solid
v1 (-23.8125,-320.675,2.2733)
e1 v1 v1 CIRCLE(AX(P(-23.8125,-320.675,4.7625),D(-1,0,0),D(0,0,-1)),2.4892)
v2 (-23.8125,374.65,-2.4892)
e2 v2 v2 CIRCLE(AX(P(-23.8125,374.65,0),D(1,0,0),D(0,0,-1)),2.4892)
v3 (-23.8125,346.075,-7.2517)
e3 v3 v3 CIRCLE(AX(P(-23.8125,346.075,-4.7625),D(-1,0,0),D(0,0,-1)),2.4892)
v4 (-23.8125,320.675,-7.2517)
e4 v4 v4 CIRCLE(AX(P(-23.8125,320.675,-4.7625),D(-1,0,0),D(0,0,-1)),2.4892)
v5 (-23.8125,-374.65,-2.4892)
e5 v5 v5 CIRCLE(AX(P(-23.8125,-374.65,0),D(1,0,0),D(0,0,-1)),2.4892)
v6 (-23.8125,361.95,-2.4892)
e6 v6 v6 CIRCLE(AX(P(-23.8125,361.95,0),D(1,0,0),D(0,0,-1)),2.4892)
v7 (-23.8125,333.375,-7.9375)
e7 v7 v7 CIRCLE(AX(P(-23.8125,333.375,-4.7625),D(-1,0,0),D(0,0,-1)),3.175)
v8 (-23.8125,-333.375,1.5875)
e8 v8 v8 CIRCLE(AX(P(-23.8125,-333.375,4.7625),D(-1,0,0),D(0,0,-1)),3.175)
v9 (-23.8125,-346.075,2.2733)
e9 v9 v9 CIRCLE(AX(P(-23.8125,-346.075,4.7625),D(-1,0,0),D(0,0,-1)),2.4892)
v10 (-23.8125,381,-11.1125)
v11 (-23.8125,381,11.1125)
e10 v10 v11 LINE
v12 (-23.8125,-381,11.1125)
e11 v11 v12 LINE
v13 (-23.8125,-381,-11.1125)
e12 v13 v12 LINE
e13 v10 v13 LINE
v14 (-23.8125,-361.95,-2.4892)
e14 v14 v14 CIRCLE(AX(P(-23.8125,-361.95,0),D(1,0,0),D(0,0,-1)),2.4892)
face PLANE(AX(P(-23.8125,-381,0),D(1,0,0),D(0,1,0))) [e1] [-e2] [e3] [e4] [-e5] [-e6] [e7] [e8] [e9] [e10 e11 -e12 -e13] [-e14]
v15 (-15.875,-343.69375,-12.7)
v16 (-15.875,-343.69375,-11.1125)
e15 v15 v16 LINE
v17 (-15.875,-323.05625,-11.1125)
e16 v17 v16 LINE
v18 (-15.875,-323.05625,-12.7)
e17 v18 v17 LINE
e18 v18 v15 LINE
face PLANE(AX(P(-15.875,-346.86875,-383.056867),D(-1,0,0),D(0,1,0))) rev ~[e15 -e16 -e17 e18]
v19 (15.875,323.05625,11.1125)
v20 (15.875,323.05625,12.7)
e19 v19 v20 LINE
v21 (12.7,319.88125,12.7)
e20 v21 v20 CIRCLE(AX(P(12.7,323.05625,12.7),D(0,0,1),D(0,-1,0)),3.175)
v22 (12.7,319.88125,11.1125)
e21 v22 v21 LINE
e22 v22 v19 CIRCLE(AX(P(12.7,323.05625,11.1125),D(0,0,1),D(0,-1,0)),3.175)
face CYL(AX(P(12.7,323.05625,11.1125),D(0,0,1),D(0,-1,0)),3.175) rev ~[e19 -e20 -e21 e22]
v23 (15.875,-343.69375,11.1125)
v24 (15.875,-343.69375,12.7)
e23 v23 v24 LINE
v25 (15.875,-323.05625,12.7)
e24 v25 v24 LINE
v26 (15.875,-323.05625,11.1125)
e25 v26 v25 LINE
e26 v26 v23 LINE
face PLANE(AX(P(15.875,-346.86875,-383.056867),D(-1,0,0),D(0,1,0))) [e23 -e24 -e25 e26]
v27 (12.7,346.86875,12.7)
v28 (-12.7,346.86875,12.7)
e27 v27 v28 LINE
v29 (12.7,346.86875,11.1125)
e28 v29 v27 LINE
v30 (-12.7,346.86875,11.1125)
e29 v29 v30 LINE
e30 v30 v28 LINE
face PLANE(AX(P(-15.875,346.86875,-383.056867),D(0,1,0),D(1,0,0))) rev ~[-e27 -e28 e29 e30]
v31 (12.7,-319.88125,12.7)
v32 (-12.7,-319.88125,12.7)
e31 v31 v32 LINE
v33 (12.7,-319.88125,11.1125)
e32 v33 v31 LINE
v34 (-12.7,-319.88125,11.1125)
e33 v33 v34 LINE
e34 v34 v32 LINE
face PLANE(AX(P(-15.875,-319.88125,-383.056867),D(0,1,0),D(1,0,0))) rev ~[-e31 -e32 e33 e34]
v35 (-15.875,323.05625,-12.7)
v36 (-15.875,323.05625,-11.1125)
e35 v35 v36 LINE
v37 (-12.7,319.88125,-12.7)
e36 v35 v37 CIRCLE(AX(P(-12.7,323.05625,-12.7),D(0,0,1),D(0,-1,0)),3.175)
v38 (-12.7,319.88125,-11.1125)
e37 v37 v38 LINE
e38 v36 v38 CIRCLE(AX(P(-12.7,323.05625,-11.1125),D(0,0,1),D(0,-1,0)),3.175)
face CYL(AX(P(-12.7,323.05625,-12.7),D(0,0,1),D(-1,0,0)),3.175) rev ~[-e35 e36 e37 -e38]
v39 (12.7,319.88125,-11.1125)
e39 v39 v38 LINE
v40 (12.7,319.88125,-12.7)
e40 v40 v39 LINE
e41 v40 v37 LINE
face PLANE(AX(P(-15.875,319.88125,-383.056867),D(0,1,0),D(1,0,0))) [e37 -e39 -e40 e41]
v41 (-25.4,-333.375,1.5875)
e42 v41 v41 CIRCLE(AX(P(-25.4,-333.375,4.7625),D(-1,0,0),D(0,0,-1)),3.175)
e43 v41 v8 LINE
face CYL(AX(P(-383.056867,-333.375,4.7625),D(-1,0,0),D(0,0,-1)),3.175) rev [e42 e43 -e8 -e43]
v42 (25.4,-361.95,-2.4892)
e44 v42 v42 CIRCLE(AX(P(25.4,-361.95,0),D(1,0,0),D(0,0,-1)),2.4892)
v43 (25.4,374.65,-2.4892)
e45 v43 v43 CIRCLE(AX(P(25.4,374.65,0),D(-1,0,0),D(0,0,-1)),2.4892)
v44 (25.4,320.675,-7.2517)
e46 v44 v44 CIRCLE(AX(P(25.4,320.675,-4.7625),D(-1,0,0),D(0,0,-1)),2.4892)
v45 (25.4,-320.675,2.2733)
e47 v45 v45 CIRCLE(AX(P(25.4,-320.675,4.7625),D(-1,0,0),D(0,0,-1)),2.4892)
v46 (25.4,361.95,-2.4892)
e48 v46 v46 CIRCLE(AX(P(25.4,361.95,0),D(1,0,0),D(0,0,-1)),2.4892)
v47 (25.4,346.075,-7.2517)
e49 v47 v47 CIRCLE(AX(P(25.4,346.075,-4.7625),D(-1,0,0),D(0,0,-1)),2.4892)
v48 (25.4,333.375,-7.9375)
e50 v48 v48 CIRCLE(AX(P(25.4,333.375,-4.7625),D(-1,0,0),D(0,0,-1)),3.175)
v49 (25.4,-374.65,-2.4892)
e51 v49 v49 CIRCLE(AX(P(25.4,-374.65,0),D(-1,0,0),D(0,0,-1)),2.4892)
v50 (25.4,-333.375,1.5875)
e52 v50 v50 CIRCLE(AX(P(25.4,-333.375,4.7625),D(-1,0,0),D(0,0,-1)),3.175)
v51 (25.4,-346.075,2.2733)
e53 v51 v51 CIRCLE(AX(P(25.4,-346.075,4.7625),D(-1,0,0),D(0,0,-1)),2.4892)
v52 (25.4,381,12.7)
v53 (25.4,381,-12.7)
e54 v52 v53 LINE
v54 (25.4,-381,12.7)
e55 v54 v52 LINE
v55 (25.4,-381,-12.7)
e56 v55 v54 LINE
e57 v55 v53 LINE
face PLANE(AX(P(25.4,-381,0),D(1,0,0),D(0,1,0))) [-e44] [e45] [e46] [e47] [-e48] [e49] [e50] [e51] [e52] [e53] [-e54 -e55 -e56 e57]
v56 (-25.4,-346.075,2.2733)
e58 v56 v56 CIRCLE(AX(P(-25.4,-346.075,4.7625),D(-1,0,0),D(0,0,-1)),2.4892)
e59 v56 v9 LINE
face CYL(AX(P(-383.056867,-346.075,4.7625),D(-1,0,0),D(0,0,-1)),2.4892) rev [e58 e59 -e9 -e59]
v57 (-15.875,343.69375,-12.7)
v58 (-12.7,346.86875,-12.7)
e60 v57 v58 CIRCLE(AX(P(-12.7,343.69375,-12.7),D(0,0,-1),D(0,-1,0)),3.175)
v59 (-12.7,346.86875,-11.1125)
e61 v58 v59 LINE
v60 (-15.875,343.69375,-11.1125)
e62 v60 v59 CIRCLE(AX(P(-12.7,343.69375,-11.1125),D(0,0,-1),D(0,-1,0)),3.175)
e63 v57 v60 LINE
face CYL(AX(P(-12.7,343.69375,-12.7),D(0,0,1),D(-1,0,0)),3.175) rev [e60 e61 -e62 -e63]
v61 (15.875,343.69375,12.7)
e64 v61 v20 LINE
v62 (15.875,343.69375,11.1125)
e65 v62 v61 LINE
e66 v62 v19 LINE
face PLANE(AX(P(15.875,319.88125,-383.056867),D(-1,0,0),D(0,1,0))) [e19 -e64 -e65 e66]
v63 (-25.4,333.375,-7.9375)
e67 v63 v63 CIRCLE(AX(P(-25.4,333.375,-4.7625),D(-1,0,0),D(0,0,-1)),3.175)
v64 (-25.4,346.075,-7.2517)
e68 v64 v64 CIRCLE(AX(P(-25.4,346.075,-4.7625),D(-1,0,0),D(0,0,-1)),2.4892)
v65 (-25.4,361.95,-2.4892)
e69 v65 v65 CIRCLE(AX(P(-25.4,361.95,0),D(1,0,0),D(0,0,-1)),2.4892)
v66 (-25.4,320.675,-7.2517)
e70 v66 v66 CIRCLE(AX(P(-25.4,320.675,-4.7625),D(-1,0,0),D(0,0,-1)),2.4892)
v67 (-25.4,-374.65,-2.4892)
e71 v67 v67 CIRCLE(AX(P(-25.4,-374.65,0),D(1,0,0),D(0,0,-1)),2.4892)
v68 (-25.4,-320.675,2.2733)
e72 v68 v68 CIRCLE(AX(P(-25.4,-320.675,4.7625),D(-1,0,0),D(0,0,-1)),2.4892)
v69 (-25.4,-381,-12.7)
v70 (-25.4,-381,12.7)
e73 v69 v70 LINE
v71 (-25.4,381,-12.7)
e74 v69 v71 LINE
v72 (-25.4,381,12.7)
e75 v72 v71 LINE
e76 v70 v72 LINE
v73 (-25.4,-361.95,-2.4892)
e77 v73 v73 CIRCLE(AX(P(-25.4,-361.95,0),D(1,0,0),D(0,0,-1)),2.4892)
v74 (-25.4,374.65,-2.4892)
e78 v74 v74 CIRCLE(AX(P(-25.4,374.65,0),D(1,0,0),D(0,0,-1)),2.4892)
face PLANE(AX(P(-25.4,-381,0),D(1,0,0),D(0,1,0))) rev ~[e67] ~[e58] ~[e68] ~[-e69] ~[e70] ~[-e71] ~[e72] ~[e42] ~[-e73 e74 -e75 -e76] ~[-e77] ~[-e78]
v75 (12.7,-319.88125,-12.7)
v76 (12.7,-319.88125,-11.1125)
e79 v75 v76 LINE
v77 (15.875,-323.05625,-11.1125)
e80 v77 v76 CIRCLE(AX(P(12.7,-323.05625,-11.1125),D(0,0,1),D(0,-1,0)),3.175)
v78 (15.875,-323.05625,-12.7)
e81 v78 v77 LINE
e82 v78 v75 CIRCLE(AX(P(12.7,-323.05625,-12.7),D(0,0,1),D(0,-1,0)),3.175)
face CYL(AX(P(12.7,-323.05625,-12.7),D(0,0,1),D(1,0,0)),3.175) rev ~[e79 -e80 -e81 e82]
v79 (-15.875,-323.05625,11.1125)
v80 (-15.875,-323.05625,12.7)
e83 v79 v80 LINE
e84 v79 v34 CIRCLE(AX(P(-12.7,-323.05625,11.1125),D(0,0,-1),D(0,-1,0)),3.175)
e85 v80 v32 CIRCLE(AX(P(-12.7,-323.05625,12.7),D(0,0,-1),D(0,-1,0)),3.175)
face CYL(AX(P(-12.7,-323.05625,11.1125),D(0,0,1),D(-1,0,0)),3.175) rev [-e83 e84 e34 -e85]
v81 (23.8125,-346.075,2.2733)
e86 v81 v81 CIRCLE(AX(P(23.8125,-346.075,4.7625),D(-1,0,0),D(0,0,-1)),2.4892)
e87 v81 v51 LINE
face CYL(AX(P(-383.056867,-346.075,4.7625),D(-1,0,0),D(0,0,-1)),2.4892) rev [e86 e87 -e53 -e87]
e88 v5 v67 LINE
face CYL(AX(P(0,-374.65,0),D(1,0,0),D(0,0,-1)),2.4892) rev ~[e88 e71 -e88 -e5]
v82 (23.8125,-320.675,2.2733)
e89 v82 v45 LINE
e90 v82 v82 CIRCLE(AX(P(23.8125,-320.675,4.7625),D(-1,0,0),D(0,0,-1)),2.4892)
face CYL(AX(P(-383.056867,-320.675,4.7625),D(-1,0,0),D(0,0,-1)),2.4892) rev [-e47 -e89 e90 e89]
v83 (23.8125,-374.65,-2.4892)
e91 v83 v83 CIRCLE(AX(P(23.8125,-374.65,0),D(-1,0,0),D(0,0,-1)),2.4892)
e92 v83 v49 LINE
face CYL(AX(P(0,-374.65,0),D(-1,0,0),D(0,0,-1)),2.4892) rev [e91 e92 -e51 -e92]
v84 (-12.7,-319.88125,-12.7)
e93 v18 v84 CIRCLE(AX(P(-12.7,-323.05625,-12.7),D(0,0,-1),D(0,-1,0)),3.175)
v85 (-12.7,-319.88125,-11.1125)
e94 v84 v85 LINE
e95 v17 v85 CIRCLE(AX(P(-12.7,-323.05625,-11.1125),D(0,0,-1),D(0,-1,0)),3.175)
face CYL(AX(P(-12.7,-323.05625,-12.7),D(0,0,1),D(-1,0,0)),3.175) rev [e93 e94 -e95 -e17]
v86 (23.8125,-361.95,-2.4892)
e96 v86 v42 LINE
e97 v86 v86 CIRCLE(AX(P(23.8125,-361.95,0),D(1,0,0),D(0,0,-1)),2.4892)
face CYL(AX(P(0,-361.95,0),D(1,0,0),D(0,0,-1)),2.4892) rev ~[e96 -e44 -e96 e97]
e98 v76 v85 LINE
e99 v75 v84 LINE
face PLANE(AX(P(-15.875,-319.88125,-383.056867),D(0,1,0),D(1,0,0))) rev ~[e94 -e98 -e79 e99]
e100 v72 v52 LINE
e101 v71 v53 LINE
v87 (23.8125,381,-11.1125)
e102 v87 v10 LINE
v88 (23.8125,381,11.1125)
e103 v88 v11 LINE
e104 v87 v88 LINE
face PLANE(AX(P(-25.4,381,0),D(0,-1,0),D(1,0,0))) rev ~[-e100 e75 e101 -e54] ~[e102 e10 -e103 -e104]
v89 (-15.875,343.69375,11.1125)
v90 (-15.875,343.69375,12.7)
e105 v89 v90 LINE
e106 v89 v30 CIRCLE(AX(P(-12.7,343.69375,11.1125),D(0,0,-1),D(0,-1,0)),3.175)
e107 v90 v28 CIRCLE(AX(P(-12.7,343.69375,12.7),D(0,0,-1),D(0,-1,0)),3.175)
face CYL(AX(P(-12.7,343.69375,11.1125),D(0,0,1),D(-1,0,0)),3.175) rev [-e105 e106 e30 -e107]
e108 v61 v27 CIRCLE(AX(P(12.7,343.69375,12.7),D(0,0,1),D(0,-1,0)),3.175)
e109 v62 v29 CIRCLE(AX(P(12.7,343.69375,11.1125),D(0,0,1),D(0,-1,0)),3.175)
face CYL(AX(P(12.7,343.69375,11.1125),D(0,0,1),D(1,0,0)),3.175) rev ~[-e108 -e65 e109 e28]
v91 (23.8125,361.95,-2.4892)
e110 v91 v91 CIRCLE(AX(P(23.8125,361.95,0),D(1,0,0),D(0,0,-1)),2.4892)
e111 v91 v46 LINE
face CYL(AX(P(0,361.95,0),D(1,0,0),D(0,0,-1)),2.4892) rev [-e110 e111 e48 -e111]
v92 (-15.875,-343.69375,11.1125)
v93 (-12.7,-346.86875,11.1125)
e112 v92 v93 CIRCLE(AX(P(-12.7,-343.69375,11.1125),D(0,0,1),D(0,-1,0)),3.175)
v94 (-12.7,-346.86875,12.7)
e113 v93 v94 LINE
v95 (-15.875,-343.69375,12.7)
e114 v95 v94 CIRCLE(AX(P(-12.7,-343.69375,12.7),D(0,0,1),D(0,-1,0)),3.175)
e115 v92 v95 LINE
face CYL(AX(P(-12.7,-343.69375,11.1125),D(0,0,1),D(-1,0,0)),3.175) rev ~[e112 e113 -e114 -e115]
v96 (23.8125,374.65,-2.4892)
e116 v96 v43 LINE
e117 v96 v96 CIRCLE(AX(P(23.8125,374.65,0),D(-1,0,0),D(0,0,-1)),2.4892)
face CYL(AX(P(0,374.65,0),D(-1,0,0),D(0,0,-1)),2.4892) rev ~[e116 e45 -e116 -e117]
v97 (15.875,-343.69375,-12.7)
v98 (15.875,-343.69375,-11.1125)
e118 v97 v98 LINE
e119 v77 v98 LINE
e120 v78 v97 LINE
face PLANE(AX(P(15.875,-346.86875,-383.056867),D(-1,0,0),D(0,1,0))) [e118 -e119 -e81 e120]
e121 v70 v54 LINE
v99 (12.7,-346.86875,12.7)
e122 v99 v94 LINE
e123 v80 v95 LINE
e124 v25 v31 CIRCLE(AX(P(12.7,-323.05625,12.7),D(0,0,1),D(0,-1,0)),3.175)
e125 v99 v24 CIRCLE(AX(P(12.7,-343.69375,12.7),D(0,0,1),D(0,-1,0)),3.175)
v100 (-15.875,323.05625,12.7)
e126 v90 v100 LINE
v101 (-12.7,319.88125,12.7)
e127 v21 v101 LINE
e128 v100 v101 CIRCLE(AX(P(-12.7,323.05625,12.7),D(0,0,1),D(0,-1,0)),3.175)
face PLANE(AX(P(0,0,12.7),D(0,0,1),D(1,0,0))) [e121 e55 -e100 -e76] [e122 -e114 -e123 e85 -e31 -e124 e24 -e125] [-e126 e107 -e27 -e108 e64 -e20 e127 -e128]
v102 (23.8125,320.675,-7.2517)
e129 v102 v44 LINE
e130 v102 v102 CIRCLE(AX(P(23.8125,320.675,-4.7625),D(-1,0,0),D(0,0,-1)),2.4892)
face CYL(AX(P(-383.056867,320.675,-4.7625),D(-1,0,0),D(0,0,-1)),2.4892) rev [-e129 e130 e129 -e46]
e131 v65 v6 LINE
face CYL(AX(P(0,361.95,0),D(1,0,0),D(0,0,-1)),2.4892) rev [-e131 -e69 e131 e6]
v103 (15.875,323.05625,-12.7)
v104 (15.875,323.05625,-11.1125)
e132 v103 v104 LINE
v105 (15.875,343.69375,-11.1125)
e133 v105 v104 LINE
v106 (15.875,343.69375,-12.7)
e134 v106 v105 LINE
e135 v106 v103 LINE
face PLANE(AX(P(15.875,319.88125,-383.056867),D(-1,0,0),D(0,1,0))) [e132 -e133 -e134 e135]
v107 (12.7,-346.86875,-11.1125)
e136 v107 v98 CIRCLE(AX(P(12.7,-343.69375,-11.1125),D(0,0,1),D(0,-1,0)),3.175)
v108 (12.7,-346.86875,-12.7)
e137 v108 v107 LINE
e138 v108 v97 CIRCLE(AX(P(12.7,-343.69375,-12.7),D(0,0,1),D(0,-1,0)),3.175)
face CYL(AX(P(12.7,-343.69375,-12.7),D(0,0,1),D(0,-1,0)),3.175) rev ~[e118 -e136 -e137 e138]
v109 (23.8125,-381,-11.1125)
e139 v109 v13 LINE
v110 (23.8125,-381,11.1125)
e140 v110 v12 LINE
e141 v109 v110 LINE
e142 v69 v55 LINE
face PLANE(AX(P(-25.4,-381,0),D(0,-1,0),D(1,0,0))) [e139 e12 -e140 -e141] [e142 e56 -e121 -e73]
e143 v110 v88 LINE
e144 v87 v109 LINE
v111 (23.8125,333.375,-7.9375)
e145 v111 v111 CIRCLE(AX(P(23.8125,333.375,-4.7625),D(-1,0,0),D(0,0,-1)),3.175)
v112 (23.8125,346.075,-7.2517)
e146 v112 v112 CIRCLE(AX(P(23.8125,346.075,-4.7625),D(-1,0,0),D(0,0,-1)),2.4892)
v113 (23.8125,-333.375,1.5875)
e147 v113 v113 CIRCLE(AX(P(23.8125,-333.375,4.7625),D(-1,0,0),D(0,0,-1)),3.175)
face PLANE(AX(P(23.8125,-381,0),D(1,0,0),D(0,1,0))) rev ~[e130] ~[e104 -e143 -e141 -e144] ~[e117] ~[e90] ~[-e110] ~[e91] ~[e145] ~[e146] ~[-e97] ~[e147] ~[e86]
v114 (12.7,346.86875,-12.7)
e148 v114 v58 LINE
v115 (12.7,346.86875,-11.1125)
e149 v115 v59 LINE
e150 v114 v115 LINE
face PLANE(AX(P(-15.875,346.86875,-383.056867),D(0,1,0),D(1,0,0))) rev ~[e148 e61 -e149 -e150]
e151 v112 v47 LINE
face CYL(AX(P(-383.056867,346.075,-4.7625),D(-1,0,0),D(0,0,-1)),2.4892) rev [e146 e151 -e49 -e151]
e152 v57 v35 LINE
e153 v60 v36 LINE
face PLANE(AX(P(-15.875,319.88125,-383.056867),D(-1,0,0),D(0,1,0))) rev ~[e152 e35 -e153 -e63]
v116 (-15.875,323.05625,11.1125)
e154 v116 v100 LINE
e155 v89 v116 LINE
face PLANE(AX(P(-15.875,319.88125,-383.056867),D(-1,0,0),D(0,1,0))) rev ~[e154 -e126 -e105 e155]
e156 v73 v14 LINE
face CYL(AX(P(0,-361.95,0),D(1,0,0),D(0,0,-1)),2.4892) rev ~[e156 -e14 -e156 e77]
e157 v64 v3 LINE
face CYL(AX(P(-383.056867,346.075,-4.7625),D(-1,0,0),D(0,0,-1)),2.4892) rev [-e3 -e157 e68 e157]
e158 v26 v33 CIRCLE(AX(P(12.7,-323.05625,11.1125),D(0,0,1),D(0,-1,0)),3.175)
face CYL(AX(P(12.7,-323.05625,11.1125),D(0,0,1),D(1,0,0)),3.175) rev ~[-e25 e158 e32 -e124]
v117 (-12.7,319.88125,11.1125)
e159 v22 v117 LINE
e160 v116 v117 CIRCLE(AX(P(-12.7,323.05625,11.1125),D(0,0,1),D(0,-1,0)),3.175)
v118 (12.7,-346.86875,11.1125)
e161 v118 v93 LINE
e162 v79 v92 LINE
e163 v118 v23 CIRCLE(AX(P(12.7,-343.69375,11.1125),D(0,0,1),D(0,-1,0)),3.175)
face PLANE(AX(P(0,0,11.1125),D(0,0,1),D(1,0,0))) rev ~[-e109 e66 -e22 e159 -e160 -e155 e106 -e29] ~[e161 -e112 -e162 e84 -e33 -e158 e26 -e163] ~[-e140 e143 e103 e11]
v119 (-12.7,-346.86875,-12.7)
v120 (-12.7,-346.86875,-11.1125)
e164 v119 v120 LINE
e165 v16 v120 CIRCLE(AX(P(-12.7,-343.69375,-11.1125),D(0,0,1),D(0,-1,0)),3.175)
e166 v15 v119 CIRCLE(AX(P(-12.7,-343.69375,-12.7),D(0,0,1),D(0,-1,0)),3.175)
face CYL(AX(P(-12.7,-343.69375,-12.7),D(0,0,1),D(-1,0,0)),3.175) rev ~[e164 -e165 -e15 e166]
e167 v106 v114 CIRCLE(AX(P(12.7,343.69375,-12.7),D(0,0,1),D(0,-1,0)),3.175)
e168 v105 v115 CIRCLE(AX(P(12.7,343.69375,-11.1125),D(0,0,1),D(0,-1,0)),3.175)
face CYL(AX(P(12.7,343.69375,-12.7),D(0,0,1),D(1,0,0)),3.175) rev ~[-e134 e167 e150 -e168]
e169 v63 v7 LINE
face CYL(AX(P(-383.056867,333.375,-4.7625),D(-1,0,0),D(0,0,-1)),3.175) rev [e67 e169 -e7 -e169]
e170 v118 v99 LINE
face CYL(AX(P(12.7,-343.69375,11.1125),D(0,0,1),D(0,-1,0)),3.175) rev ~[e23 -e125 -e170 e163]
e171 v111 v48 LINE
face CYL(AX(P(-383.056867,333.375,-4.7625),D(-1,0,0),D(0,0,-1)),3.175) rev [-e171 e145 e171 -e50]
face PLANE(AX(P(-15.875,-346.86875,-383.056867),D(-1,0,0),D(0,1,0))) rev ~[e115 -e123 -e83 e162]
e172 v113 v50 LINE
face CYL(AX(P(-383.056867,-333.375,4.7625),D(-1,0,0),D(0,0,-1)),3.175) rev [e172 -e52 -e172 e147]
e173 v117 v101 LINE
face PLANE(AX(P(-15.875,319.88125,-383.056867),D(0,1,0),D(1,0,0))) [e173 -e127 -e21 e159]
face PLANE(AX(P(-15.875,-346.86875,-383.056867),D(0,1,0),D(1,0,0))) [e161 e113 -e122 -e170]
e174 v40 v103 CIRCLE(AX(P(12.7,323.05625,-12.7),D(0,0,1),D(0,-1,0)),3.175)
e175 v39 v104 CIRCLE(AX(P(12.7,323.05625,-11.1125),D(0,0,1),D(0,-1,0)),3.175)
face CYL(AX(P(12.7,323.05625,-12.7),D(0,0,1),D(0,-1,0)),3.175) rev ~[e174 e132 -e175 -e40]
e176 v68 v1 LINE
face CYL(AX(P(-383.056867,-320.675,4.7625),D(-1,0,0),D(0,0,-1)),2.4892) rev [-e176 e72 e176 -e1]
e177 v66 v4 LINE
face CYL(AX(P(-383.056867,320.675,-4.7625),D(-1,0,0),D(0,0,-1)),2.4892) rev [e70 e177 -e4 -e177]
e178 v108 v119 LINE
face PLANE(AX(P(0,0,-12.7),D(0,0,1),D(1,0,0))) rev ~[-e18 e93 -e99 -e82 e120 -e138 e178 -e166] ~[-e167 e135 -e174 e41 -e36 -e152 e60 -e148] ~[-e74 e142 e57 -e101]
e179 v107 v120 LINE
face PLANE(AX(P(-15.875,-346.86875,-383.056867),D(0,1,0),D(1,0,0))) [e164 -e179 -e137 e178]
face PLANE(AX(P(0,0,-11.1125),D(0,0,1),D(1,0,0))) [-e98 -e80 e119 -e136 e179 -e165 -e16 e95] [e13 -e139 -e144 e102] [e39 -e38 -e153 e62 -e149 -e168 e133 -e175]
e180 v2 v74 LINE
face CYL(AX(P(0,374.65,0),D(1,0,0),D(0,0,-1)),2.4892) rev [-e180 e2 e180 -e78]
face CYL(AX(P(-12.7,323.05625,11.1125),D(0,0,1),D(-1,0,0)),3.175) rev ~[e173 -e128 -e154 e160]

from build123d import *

# Parameters (mm, degrees)
SKETCH1_W               = 50.8
SKETCH1_H               = 762
BOSS_EXTRUDE1_DEPTH     = 12.7
SHELL1_T                = -1.5875
SKETCH3_R               = 2.4892
CUT_EXTRUDE1_DEPTH      = 383.056867495
CUT_EXTRUDE2_DEPTH      = 383.056867495
CUT_EXTRUDE2_DEPTH_BACK = 383.056867495
SKETCH4_R               = 3.175
SKETCH4_R_2             = 2.4892
CUT_EXTRUDE4_DEPTH      = 383.056867495
CUT_EXTRUDE4_DEPTH_BACK = 383.056867495
SKETCH5_W               = 31.75
SKETCH5_H               = 26.9875
FILLET1_R               = 3.175


with BuildPart() as part:
    # Sketch1 → Boss-Extrude1 (new, symmetric)
    with BuildSketch(Plane.XY):
        Rectangle(SKETCH1_W, SKETCH1_H)
    extrude(amount=BOSS_EXTRUDE1_DEPTH, both=True)

    # Shell1
    shell1_openings = [part.faces().sort_by_distance(p)[0] for p in [
        (0, -381, 0),
        (0, 381, 0),
    ]]
    offset(amount=SHELL1_T, openings=shell1_openings, kind=Kind.INTERSECTION)

    # Sketch3 → Cut-Extrude1 (cut, symmetric)
    with BuildSketch(Plane(origin=(0, 0, 0), x_dir=(0, 0, -1), z_dir=(1, 0, 0))):
        with Locations((0, -374.65)):
            Circle(SKETCH3_R)
        with Locations((0, -361.95)):
            Circle(SKETCH3_R)
    cut_extrude1 = extrude(amount=CUT_EXTRUDE1_DEPTH, both=True, mode=Mode.SUBTRACT)

    # Sketch4 → Cut-Extrude2 (cut, two sides: drawn at the far end of the back side and taken through both)
    with BuildSketch(Plane(origin=(0, 0, 0), x_dir=(0, 0, -1), z_dir=(1, 0, 0)).offset(-CUT_EXTRUDE2_DEPTH_BACK)):
        with Locations((4.7625, 333.375)):
            Circle(SKETCH4_R)
        with Locations((4.7625, 346.075)):
            Circle(SKETCH4_R_2)
        with Locations((4.7625, 320.675)):
            Circle(SKETCH4_R_2)
        with Locations((-4.7625, -333.375)):
            Circle(SKETCH4_R)
        with Locations((-4.7625, -320.675)):
            Circle(SKETCH4_R_2)
        with Locations((-4.7625, -346.075)):
            Circle(SKETCH4_R_2)
    extrude(amount=CUT_EXTRUDE2_DEPTH + CUT_EXTRUDE2_DEPTH_BACK, mode=Mode.SUBTRACT)

    # Mirror1: Cut-Extrude1 across plane
    add(cut_extrude1.mirror(Plane.ZX), mode=Mode.SUBTRACT)

    # Sketch5 → Cut-Extrude4 (cut, two sides: drawn at the far end of the back side and taken through both)
    with BuildSketch(Plane.XY.offset(-CUT_EXTRUDE4_DEPTH_BACK)):
        with Locations((0, -333.375)):
            Rectangle(SKETCH5_W, SKETCH5_H)
        with Locations((0, 333.375)):
            Rectangle(SKETCH5_W, SKETCH5_H)
    extrude(amount=CUT_EXTRUDE4_DEPTH + CUT_EXTRUDE4_DEPTH_BACK, mode=Mode.SUBTRACT)

    # Fillet1
    fillet1_edges = [part.edges().sort_by_distance(p)[0] for p in [
        (-15.875, -346.86875, -11.90625),
        (-15.875, -319.88125, -11.90625),
        (15.875, -319.88125, -11.90625),
        (15.875, -346.86875, -11.90625),
        (-15.875, -346.86875, 11.90625),
        (-15.875, -319.88125, 11.90625),
        (15.875, -319.88125, 11.90625),
        (15.875, -346.86875, 11.90625),
        (15.875, 319.88125, -11.90625),
        (-15.875, 319.88125, -11.90625),
        (-15.875, 346.86875, -11.90625),
        (15.875, 346.86875, -11.90625),
        (15.875, 319.88125, 11.90625),
        (-15.875, 319.88125, 11.90625),
        (-15.875, 346.86875, 11.90625),
        (15.875, 346.86875, 11.90625),
    ]]
    fillet(fillet1_edges, radius=FILLET1_R)


solid = part.part
